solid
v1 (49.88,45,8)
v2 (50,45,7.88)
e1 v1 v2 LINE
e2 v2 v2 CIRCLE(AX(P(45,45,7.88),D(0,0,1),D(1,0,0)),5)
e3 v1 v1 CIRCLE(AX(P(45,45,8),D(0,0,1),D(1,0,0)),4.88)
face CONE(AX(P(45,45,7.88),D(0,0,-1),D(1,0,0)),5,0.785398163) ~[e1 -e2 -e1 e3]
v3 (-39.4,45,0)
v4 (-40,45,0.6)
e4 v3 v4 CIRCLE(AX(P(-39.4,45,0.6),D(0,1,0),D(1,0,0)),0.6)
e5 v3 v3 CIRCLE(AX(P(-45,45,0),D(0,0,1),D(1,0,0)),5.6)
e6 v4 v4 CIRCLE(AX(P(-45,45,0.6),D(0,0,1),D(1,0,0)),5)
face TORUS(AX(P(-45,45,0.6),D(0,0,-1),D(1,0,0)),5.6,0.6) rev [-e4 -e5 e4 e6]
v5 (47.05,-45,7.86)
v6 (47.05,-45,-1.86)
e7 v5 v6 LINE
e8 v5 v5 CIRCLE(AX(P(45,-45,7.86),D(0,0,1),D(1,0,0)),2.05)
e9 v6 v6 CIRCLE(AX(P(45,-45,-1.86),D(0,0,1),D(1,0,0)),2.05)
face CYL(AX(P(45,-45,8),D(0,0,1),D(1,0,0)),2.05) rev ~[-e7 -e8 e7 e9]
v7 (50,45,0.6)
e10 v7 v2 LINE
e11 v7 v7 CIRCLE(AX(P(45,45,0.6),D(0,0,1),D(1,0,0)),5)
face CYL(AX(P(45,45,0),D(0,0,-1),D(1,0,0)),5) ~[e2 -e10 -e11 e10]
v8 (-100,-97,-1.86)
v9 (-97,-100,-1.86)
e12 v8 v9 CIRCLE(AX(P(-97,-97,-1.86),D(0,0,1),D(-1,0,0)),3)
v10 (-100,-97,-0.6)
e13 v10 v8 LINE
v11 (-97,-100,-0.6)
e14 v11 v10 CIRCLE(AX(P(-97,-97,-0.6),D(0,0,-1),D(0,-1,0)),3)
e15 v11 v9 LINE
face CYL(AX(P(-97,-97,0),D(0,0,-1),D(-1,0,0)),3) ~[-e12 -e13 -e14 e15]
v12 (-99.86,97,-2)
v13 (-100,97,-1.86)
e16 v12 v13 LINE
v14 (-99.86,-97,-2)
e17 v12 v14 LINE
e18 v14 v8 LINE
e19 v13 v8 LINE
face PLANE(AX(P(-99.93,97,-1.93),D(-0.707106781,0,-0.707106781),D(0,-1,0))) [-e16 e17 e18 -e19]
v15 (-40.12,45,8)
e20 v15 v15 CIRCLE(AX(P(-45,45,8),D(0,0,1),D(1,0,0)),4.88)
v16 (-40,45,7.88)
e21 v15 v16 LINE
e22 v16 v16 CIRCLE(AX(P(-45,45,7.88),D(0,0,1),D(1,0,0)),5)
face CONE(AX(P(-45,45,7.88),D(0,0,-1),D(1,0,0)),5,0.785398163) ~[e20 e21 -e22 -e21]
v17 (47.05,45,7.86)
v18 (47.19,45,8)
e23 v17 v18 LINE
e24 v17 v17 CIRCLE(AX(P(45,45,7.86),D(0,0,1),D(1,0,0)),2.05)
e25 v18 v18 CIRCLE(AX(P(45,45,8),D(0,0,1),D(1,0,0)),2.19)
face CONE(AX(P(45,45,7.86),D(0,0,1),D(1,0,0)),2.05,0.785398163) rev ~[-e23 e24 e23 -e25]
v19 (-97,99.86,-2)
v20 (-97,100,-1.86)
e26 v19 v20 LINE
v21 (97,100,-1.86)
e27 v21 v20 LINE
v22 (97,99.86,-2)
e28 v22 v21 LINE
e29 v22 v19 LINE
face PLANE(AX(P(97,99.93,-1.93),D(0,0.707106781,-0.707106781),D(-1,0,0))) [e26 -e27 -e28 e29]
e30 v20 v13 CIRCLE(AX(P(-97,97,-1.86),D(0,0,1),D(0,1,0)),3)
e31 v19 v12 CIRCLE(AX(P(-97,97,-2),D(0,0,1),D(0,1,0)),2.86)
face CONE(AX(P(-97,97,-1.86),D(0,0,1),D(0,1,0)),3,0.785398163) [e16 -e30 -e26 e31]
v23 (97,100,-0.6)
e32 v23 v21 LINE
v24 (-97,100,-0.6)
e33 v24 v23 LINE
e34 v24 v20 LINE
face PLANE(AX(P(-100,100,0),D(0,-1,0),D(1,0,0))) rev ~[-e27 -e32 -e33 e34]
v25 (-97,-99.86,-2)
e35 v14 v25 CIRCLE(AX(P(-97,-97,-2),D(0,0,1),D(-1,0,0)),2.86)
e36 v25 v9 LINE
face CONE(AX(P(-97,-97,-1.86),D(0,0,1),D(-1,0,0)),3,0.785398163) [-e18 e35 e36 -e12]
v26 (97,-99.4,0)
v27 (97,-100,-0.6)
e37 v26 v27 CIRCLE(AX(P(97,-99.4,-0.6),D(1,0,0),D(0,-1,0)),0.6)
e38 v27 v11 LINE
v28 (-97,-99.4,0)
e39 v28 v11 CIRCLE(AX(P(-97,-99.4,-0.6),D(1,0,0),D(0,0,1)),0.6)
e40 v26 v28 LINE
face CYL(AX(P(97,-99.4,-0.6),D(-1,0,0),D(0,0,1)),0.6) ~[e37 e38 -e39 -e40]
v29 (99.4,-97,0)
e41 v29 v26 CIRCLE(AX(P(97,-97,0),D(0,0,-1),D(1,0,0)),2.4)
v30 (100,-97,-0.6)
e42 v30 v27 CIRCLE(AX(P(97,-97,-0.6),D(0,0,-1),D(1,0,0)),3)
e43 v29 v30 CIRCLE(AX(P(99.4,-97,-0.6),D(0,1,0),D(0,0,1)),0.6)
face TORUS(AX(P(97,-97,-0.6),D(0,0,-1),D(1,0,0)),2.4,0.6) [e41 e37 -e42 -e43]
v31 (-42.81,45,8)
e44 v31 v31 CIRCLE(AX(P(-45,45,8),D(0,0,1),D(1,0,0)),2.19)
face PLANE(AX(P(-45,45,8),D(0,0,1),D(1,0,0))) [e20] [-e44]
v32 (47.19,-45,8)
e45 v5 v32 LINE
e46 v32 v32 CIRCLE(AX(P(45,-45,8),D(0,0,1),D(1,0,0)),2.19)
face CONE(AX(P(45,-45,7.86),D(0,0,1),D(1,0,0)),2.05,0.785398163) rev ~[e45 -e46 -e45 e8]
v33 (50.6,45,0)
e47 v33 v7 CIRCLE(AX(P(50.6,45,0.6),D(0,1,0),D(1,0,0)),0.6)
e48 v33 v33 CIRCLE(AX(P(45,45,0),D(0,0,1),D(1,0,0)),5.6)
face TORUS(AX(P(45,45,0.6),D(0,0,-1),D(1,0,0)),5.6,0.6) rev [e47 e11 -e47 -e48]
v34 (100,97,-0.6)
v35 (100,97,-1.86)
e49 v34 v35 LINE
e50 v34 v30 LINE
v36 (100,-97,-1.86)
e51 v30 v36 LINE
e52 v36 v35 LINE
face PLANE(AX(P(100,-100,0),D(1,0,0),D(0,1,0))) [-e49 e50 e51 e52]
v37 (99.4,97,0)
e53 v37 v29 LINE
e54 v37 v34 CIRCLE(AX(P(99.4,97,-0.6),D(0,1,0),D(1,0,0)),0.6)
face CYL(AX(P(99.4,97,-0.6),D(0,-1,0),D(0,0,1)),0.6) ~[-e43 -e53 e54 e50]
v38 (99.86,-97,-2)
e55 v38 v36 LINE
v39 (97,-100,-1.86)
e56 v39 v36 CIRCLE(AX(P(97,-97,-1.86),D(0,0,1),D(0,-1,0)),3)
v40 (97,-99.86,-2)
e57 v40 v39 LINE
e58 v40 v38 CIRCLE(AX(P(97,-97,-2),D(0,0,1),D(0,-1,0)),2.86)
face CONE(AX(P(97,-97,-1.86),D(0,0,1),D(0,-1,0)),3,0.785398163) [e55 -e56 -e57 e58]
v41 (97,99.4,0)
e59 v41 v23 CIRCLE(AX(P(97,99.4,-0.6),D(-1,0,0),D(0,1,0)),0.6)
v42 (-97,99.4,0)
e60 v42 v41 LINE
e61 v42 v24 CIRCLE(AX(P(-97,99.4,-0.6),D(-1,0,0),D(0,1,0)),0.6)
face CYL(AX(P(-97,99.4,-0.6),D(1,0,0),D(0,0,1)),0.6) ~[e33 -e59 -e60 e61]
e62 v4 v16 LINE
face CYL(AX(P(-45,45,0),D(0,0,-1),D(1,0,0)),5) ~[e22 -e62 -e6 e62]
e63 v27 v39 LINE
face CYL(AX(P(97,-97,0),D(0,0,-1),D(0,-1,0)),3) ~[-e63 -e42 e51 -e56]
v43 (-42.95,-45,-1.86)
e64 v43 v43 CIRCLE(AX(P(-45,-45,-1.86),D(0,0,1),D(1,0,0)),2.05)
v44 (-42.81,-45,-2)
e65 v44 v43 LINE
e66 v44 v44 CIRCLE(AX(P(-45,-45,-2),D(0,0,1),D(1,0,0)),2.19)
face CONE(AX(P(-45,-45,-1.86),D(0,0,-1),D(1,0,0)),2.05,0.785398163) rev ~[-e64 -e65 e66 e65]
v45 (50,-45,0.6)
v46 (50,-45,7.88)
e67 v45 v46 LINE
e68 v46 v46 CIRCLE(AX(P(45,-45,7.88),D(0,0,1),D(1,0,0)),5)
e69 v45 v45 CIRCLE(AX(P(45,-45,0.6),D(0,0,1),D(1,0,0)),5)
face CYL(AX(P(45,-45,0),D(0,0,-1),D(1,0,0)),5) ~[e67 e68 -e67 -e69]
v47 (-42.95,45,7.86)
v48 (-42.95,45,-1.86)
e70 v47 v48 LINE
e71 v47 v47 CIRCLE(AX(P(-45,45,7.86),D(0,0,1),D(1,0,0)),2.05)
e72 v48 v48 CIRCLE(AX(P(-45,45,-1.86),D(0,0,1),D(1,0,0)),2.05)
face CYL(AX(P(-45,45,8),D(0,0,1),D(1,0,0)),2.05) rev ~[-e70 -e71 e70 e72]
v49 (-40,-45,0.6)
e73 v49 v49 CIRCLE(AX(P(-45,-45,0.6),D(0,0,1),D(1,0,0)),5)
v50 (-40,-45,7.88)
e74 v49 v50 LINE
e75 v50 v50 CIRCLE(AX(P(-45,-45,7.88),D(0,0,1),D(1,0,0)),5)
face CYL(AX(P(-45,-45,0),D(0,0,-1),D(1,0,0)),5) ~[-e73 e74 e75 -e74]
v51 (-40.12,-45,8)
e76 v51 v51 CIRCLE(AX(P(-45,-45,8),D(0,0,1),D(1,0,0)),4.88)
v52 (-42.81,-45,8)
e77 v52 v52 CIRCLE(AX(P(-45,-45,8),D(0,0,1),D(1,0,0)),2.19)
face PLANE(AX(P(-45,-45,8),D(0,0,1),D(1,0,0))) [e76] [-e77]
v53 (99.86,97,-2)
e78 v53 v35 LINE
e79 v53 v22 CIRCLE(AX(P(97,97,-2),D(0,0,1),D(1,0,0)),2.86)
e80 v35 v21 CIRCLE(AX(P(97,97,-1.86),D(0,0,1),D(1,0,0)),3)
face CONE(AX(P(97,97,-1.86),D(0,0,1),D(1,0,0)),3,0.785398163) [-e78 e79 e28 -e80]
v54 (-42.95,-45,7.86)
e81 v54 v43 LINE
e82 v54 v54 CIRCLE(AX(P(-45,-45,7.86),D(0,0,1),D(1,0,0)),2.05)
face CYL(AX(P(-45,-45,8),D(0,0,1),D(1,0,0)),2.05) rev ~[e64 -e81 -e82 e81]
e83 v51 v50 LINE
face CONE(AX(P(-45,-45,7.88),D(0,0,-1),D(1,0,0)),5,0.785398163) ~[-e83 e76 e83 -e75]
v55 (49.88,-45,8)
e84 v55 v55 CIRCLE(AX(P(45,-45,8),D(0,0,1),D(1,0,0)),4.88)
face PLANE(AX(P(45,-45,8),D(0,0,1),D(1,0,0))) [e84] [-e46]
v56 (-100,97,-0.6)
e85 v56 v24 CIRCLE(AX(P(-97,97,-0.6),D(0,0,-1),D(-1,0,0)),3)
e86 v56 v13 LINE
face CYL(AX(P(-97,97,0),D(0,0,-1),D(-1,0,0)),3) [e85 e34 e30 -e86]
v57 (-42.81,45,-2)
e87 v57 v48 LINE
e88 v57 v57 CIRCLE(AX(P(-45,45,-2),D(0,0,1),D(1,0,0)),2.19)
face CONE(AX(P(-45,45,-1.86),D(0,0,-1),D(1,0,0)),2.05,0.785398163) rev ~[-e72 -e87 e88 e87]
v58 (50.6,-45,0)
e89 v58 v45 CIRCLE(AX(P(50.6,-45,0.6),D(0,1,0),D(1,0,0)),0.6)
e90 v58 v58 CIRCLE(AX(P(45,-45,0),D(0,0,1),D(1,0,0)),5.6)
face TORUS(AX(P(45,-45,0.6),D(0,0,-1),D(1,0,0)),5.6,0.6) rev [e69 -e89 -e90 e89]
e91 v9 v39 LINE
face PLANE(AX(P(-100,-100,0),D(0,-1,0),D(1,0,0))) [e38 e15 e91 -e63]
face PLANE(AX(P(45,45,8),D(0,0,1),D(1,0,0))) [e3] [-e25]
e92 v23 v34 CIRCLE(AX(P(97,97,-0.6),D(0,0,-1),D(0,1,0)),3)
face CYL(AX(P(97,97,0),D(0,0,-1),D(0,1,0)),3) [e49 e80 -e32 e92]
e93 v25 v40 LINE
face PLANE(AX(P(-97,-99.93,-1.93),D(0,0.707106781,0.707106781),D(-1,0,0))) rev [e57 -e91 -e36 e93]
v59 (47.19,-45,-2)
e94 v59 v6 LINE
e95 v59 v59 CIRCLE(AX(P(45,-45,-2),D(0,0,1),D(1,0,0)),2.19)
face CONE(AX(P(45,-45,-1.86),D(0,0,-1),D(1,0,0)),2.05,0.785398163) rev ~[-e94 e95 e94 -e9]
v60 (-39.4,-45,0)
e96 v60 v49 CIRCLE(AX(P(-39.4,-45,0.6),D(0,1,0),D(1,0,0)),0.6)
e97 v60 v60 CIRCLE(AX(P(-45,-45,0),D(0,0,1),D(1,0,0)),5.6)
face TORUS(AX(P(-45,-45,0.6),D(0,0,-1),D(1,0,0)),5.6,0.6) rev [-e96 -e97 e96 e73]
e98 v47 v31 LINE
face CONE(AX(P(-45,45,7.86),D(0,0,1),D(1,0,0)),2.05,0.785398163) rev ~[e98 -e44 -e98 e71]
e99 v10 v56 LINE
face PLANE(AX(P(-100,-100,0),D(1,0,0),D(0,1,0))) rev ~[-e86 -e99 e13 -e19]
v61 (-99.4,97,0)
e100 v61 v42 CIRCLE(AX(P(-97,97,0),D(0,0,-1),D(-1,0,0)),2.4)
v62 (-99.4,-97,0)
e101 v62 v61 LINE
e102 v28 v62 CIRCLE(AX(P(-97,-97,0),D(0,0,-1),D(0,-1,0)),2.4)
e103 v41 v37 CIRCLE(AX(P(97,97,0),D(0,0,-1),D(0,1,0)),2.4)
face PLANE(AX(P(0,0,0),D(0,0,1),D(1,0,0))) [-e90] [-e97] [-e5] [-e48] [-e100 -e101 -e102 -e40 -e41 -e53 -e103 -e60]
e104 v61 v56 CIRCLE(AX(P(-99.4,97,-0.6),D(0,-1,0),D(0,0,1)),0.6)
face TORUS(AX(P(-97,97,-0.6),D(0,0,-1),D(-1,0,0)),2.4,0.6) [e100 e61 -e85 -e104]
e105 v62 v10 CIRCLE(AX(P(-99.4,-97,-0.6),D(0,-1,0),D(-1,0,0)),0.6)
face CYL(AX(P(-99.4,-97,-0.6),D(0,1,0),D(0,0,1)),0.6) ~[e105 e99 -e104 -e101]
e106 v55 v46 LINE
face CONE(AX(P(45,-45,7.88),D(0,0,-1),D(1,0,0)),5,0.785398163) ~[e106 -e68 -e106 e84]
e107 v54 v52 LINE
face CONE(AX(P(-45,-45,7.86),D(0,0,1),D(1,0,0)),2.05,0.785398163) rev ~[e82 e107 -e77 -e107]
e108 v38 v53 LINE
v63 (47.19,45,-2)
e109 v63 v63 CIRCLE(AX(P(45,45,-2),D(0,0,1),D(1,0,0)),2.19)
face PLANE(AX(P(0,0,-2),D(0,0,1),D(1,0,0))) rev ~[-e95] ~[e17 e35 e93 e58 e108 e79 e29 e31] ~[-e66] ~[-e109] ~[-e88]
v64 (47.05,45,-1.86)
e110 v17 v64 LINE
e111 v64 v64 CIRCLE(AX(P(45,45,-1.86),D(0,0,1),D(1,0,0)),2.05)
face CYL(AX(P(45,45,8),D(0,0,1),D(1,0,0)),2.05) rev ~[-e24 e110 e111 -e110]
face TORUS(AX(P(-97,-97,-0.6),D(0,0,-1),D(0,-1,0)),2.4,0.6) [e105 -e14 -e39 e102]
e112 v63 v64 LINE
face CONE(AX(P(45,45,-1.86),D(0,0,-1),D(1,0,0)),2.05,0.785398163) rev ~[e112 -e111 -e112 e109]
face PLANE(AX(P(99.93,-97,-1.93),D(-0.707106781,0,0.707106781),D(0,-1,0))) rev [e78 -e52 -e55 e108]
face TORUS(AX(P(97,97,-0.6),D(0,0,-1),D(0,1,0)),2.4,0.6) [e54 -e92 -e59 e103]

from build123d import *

# Parameters (mm, degrees)
CROQUIS1_W              = 200
CROQUIS1_H              = 200
SALIENTE_EXTRUIR1_DEPTH = 2
CROQUIS1_3_R            = 5
SALIENTE_EXTRUIR2_DEPTH = 8
CORTAR_EXTRUIR1_REACH   = 143.774
CROQUIS2_R              = 2.05
REDONDEO1_R             = 3
CHAFL_N1_SIZE           = 0.14
REDONDEO2_R             = 0.6
CHAFL_N2_SIZE           = 0.14
CHAFL_N3_SIZE           = 0.12


with BuildPart() as part:
    # Croquis1 → Saliente-Extruir1 (new body)
    with BuildSketch(Plane.XY):
        Rectangle(CROQUIS1_W, CROQUIS1_H)
    extrude(amount=-SALIENTE_EXTRUIR1_DEPTH)

    # Croquis1<3> → Saliente-Extruir2 (add)
    with BuildSketch(Plane.XY):
        with Locations((-45, 45)):
            Circle(CROQUIS1_3_R)
        with Locations((-45, -45)):
            Circle(CROQUIS1_3_R)
        with Locations((45, -45)):
            Circle(CROQUIS1_3_R)
        with Locations((45, 45)):
            Circle(CROQUIS1_3_R)
    extrude(amount=SALIENTE_EXTRUIR2_DEPTH)

    # Croquis2 → Cortar-Extruir1 (cut, up to next)
    with BuildSketch(Plane.XY.offset(8), mode=Mode.PRIVATE) as cortar_extruir1_sk1:
        with Locations((-45, 45)):
            Circle(CROQUIS2_R)
    cortar_extruir1_tool1 = extrude(cortar_extruir1_sk1.sketch, amount=-CORTAR_EXTRUIR1_REACH, mode=Mode.PRIVATE) & part.part
    # Croquis2 → Cortar-Extruir1 (cut, up to next)
    with BuildSketch(Plane.XY.offset(8), mode=Mode.PRIVATE) as cortar_extruir1_sk2:
        with Locations((45, 45)):
            Circle(CROQUIS2_R)
    cortar_extruir1_tool2 = extrude(cortar_extruir1_sk2.sketch, amount=-CORTAR_EXTRUIR1_REACH, mode=Mode.PRIVATE) & part.part
    # Croquis2 → Cortar-Extruir1 (cut, up to next)
    with BuildSketch(Plane.XY.offset(8), mode=Mode.PRIVATE) as cortar_extruir1_sk3:
        with Locations((45, -45)):
            Circle(CROQUIS2_R)
    cortar_extruir1_tool3 = extrude(cortar_extruir1_sk3.sketch, amount=-CORTAR_EXTRUIR1_REACH, mode=Mode.PRIVATE) & part.part
    # Croquis2 → Cortar-Extruir1 (cut, up to next)
    with BuildSketch(Plane.XY.offset(8), mode=Mode.PRIVATE) as cortar_extruir1_sk4:
        with Locations((-45, -45)):
            Circle(CROQUIS2_R)
    cortar_extruir1_tool4 = extrude(cortar_extruir1_sk4.sketch, amount=-CORTAR_EXTRUIR1_REACH, mode=Mode.PRIVATE) & part.part
    add(cortar_extruir1_tool1.solids().sort_by_distance((-45, 45, 8))[0], mode=Mode.SUBTRACT)
    add(cortar_extruir1_tool2.solids().sort_by_distance((45, 45, 8))[0], mode=Mode.SUBTRACT)
    add(cortar_extruir1_tool3.solids().sort_by_distance((45, -45, 8))[0], mode=Mode.SUBTRACT)
    add(cortar_extruir1_tool4.solids().sort_by_distance((-45, -45, 8))[0], mode=Mode.SUBTRACT)

    # Redondeo1
    redondeo1_edges = [part.edges().sort_by_distance(p)[0] for p in [
        (-100, 100, -1),
        (-100, -100, -1),
        (100, -100, -1),
        (100, 100, -1),
    ]]
    fillet(redondeo1_edges, radius=REDONDEO1_R)

    # Chaflán1
    chafl_n1_edges = [part.edges().sort_by_distance(p)[0] for p in [
        (100, 0, -2),
        (0, 100, -2),
        (-100, 0, -2),
        (0, -100, -2),
        (-47.05, 45, -2),
        (42.95, 45, -2),
        (42.95, -45, -2),
        (-47.05, -45, -2),
        (-99.121320344, -99.121320344, -2),
        (99.121320344, -99.121320344, -2),
        (99.121320344, 99.121320344, -2),
        (-99.121320344, 99.121320344, -2),
    ]]
    chamfer(chafl_n1_edges, length=CHAFL_N1_SIZE)

    # Redondeo2
    redondeo2_edges = [part.edges().sort_by_distance(p)[0] for p in [
        (99.121320344, 99.121320344, 0),
        (100, 0, 0),
        (99.121320344, -99.121320344, 0),
        (0, -100, 0),
        (-99.121320344, -99.121320344, 0),
        (-100, 0, 0),
        (-99.121320344, 99.121320344, 0),
        (0, 100, 0),
        (-50, 45, 0),
        (40, -45, 0),
        (40, 45, 0),
        (-50, -45, 0),
    ]]
    fillet(redondeo2_edges, radius=REDONDEO2_R)

    # Chaflán2
    chafl_n2_edges = [part.edges().sort_by_distance(p)[0] for p in [
        (42.95, 45, 8),
        (-47.05, 45, 8),
        (-47.05, -45, 8),
        (42.95, -45, 8),
    ]]
    chamfer(chafl_n2_edges, length=CHAFL_N2_SIZE)

    # Chaflán3
    chafl_n3_edges = [part.edges().sort_by_distance(p)[0] for p in [
        (40, 45, 8),
        (-50, 45, 8),
        (-50, -45, 8),
        (40, -45, 8),
    ]]
    chamfer(chafl_n3_edges, length=CHAFL_N3_SIZE)


solid = part.part
